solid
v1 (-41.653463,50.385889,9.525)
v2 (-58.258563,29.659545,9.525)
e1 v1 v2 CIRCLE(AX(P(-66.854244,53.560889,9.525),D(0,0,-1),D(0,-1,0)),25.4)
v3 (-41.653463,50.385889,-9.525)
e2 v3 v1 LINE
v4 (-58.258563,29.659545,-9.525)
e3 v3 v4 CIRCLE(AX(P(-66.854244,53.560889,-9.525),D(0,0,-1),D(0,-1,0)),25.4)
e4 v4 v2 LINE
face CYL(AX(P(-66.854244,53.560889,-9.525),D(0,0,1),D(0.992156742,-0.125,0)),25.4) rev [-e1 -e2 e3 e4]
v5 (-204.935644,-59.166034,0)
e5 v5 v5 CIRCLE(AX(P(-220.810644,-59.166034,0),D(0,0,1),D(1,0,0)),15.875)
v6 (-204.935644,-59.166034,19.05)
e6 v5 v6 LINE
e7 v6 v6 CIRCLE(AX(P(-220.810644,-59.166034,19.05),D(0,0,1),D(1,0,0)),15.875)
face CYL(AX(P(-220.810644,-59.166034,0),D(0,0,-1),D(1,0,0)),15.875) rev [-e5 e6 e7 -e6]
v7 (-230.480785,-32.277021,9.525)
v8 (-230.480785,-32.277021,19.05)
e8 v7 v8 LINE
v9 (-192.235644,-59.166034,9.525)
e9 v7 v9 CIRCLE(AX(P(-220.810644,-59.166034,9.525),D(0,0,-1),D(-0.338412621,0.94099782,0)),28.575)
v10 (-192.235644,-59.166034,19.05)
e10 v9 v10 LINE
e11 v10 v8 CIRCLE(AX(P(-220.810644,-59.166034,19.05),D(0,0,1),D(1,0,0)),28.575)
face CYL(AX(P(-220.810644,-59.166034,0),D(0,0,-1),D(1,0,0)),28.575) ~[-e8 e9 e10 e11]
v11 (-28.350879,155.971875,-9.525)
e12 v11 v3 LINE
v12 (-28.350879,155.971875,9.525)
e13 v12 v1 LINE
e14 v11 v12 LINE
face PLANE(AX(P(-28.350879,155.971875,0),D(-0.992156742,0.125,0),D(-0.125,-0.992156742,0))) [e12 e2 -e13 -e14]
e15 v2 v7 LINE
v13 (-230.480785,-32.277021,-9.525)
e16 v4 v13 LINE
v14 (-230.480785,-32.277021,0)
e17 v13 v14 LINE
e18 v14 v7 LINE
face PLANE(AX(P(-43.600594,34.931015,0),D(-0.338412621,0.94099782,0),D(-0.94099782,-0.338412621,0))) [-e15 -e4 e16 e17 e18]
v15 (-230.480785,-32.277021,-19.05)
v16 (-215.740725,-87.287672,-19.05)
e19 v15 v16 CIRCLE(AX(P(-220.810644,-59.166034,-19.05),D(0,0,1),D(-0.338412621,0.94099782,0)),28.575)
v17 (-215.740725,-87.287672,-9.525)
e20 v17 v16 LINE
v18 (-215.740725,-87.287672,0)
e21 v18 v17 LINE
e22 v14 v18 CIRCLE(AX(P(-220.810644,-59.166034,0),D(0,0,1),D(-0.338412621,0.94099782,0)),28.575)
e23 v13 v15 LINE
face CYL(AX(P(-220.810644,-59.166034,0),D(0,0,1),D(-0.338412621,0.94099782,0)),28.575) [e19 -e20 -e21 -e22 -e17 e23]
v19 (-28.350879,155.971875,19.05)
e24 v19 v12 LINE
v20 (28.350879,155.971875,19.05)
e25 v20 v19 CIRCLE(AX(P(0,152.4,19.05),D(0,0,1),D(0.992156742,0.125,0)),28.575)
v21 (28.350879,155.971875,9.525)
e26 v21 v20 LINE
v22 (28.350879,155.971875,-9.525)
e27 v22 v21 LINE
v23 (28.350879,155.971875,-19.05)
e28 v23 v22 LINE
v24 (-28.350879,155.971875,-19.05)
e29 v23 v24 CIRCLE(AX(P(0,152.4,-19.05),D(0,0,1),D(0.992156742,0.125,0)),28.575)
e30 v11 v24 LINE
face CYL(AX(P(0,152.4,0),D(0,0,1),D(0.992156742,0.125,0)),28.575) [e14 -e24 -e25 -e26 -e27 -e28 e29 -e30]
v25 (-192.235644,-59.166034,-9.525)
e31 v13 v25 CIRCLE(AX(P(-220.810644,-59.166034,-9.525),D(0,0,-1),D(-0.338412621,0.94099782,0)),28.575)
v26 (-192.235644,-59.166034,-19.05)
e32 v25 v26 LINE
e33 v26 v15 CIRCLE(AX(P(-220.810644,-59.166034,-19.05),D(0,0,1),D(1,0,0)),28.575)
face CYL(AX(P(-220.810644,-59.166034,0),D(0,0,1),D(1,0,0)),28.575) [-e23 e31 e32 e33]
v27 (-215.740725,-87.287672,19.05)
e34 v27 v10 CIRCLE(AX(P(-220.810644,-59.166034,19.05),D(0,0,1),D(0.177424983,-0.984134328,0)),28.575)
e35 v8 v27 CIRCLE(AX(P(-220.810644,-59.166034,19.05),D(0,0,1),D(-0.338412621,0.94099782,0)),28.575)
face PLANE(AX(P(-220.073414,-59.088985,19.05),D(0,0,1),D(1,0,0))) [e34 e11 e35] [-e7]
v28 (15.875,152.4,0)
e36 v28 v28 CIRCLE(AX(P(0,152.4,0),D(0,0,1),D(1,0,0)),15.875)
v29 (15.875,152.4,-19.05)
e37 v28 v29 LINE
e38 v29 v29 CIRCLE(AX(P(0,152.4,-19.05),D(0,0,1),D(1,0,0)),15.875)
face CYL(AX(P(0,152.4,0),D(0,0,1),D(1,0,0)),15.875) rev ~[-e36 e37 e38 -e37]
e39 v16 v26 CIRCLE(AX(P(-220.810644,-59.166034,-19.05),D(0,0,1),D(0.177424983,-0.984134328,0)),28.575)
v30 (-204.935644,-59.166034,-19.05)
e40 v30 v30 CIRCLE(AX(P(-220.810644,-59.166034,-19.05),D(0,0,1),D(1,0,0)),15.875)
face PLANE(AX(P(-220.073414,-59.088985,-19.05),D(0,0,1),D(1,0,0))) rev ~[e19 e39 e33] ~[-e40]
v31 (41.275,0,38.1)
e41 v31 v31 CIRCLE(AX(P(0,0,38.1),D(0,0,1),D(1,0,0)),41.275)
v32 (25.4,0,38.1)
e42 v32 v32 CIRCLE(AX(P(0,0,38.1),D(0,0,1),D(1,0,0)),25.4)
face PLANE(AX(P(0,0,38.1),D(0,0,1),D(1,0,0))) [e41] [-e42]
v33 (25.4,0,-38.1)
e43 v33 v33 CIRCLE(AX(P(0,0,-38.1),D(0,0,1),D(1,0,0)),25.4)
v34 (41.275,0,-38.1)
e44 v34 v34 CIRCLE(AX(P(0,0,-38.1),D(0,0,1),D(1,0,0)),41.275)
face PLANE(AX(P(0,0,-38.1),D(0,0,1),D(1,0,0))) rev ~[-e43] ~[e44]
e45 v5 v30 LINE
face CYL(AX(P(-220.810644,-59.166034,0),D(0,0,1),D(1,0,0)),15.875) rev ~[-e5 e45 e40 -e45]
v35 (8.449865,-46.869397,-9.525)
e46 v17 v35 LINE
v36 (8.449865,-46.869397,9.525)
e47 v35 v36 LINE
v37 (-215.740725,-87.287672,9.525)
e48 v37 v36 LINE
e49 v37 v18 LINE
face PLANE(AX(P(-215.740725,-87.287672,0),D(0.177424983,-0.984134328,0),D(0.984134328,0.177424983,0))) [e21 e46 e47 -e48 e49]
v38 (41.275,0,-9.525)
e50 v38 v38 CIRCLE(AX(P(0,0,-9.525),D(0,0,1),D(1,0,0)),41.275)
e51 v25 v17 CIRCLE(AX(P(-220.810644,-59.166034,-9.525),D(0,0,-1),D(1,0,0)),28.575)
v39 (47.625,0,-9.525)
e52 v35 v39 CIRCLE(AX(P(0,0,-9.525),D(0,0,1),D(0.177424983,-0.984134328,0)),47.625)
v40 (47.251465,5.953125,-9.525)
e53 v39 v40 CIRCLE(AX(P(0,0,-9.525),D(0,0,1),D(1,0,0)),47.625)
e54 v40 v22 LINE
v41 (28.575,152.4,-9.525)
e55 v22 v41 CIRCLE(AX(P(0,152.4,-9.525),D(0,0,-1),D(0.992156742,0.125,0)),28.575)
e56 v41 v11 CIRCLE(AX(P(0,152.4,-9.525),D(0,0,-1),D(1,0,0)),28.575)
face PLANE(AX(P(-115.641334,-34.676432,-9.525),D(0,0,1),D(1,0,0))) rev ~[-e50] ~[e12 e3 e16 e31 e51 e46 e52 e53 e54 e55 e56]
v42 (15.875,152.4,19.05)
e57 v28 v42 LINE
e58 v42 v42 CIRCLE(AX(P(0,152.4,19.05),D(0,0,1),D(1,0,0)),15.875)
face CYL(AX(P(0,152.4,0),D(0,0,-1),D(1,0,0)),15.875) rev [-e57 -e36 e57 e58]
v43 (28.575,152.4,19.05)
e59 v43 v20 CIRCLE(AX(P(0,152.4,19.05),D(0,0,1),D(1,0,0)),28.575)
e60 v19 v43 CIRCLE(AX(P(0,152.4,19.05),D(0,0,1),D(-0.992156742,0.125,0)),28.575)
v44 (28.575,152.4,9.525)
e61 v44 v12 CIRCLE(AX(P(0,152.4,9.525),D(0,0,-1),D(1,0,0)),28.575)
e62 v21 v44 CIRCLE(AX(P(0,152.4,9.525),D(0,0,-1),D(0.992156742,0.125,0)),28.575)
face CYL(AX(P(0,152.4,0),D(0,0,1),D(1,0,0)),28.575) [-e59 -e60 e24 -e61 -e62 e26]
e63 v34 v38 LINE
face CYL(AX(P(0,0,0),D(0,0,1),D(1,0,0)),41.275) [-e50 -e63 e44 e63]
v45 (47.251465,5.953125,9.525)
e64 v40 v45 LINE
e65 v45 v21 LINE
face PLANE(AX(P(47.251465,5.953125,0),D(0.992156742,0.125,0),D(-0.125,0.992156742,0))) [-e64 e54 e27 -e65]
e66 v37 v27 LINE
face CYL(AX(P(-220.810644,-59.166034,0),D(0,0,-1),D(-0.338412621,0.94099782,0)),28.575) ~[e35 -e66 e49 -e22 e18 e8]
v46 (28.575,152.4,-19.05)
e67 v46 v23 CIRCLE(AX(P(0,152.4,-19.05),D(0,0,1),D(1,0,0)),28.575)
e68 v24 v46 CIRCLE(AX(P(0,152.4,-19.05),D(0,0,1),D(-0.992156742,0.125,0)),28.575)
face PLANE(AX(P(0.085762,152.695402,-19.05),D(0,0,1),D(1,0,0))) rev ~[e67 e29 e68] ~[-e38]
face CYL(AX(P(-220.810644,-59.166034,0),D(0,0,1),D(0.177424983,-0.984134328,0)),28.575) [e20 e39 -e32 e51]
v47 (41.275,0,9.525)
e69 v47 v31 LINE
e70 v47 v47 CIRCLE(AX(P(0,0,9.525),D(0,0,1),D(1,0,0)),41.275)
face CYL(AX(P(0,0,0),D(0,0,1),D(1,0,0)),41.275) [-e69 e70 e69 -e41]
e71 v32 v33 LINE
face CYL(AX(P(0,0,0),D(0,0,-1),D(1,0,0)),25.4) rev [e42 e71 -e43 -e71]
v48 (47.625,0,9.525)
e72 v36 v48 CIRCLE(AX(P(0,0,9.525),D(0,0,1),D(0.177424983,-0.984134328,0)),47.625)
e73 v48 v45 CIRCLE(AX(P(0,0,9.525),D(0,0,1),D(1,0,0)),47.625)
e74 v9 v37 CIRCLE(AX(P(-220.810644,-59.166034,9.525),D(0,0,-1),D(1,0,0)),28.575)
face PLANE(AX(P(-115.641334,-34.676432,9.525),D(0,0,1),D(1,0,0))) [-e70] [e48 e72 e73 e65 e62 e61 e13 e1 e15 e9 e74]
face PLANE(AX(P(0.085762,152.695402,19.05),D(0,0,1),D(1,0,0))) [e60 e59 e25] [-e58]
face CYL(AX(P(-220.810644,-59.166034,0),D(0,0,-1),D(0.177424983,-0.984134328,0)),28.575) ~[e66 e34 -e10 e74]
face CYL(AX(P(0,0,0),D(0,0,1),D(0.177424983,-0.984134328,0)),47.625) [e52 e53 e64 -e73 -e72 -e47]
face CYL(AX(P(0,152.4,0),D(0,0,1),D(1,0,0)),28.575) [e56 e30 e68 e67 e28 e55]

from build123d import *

# Parameters (mm, degrees)
F0_R     = 41.275
F1_DEPTH = 9.525
F0_R_2   = 25.4
F2_DEPTH = 38.1
F0_R_3   = 15.875
F3_DEPTH = 19.05
F4_R     = 25.4


with BuildPart() as f1:
    # F0 (on Top) → F1 (new body, symmetric)
    with BuildSketch(Plane.XY):
        with BuildLine():
            Line((-215.7407249902, -87.2876721291), (8.4498648325, -46.8693973645))
            ThreePointArc((8.4498648325, -46.8693973645), (-32.7711116329, -34.5571246973), (-47.251464821, 5.953125))
            Line((-47.251464821, 5.953125), (-43.6005938779, 34.9310147533))
            Line((-43.6005938779, 34.9310147533), (-230.4807845369, -32.277020994))
            ThreePointArc((-230.4807845369, -32.277020994), (-204.3758278578, -35.7902460874), (-192.2356438897, -59.1660337104))
            ThreePointArc((-192.2356438897, -59.1660337104), (-198.885731603, -77.4916672936), (-215.7407249902, -87.2876721291))
        make_face()
        with BuildLine():
            ThreePointArc((-47.251464821, 5.953125), (-37.1678516079, 29.7773644208), (-16.1169010787, 44.815021194))
            Line((-16.1169010787, 44.815021194), (-43.6005938779, 34.9310147533))
            Line((-43.6005938779, 34.9310147533), (-47.251464821, 5.953125))
        make_face()
        with BuildLine():
            ThreePointArc((8.4498648325, -46.8693973645), (36.5415204777, -30.5427226385), (47.625, 0))
            ThreePointArc((47.625, 0), (47.5315244711, 2.9824162099), (47.251464821, 5.953125))
            ThreePointArc((47.251464821, 5.953125), (24.8978314077, 40.598505098), (-16.1169010787, 44.815021194))
            ThreePointArc((-16.1169010787, 44.815021194), (-37.1678516079, 29.7773644208), (-47.251464821, 5.953125))
            ThreePointArc((-47.251464821, 5.953125), (-32.7711116329, -34.5571246973), (8.4498648325, -46.8693973645))
        make_face()
        Circle(F0_R, mode=Mode.SUBTRACT)
        with BuildLine():
            ThreePointArc((-16.1169010787, 44.815021194), (24.8978314077, 40.598505098), (47.251464821, 5.953125))
            Line((47.251464821, 5.953125), (28.3508788926, 155.971875))
            ThreePointArc((28.3508788926, 155.971875), (28.5189146827, 154.1894497259), (28.575, 152.4))
            ThreePointArc((28.575, 152.4), (-1.7894497259, 123.8810853173), (-28.3508788926, 155.971875))
            Line((-28.3508788926, 155.971875), (-43.6005938779, 34.9310147533))
            Line((-43.6005938779, 34.9310147533), (-16.1169010787, 44.815021194))
        make_face()
    extrude(amount=F1_DEPTH, both=True)

    # F0 (on Top) → F2 (join, symmetric)
    with BuildSketch(Plane.XY):
        Circle(F0_R)
        Circle(F0_R_2, mode=Mode.SUBTRACT)
    extrude(amount=F2_DEPTH, both=True)

    # F0 (on Top) → F3 (join, symmetric)
    with BuildSketch(Plane.XY):
        with BuildLine():
            ThreePointArc((-230.4807845369, -32.277020994), (-248.4119743759, -66.5617879242), (-215.7407249902, -87.2876721291))
            ThreePointArc((-215.7407249902, -87.2876721291), (-198.885731603, -77.4916672936), (-192.2356438897, -59.1660337104))
            ThreePointArc((-192.2356438897, -59.1660337104), (-204.3758278578, -35.7902460874), (-230.4807845369, -32.277020994))
        make_face()
        with Locations((-220.8106438897, -59.1660337104)):
            Circle(F0_R_3, mode=Mode.SUBTRACT)
        with BuildLine():
            ThreePointArc((28.575, 152.4), (28.5189146827, 154.1894497259), (28.3508788926, 155.971875))
            ThreePointArc((28.3508788926, 155.971875), (0, 180.975), (-28.3508788926, 155.971875))
            ThreePointArc((-28.3508788926, 155.971875), (-1.7894497259, 123.8810853173), (28.575, 152.4))
        make_face()
        with Locations((0, 152.4)):
            Circle(F0_R_3, mode=Mode.SUBTRACT)
    extrude(amount=F3_DEPTH, both=True)

    # F4
    f4_edges = [f1.edges().sort_by_distance(p)[0] for p in [
        (-43.600594, 34.931015, 0),
    ]]
    fillet(f4_edges, radius=F4_R)


solid = f1.part
